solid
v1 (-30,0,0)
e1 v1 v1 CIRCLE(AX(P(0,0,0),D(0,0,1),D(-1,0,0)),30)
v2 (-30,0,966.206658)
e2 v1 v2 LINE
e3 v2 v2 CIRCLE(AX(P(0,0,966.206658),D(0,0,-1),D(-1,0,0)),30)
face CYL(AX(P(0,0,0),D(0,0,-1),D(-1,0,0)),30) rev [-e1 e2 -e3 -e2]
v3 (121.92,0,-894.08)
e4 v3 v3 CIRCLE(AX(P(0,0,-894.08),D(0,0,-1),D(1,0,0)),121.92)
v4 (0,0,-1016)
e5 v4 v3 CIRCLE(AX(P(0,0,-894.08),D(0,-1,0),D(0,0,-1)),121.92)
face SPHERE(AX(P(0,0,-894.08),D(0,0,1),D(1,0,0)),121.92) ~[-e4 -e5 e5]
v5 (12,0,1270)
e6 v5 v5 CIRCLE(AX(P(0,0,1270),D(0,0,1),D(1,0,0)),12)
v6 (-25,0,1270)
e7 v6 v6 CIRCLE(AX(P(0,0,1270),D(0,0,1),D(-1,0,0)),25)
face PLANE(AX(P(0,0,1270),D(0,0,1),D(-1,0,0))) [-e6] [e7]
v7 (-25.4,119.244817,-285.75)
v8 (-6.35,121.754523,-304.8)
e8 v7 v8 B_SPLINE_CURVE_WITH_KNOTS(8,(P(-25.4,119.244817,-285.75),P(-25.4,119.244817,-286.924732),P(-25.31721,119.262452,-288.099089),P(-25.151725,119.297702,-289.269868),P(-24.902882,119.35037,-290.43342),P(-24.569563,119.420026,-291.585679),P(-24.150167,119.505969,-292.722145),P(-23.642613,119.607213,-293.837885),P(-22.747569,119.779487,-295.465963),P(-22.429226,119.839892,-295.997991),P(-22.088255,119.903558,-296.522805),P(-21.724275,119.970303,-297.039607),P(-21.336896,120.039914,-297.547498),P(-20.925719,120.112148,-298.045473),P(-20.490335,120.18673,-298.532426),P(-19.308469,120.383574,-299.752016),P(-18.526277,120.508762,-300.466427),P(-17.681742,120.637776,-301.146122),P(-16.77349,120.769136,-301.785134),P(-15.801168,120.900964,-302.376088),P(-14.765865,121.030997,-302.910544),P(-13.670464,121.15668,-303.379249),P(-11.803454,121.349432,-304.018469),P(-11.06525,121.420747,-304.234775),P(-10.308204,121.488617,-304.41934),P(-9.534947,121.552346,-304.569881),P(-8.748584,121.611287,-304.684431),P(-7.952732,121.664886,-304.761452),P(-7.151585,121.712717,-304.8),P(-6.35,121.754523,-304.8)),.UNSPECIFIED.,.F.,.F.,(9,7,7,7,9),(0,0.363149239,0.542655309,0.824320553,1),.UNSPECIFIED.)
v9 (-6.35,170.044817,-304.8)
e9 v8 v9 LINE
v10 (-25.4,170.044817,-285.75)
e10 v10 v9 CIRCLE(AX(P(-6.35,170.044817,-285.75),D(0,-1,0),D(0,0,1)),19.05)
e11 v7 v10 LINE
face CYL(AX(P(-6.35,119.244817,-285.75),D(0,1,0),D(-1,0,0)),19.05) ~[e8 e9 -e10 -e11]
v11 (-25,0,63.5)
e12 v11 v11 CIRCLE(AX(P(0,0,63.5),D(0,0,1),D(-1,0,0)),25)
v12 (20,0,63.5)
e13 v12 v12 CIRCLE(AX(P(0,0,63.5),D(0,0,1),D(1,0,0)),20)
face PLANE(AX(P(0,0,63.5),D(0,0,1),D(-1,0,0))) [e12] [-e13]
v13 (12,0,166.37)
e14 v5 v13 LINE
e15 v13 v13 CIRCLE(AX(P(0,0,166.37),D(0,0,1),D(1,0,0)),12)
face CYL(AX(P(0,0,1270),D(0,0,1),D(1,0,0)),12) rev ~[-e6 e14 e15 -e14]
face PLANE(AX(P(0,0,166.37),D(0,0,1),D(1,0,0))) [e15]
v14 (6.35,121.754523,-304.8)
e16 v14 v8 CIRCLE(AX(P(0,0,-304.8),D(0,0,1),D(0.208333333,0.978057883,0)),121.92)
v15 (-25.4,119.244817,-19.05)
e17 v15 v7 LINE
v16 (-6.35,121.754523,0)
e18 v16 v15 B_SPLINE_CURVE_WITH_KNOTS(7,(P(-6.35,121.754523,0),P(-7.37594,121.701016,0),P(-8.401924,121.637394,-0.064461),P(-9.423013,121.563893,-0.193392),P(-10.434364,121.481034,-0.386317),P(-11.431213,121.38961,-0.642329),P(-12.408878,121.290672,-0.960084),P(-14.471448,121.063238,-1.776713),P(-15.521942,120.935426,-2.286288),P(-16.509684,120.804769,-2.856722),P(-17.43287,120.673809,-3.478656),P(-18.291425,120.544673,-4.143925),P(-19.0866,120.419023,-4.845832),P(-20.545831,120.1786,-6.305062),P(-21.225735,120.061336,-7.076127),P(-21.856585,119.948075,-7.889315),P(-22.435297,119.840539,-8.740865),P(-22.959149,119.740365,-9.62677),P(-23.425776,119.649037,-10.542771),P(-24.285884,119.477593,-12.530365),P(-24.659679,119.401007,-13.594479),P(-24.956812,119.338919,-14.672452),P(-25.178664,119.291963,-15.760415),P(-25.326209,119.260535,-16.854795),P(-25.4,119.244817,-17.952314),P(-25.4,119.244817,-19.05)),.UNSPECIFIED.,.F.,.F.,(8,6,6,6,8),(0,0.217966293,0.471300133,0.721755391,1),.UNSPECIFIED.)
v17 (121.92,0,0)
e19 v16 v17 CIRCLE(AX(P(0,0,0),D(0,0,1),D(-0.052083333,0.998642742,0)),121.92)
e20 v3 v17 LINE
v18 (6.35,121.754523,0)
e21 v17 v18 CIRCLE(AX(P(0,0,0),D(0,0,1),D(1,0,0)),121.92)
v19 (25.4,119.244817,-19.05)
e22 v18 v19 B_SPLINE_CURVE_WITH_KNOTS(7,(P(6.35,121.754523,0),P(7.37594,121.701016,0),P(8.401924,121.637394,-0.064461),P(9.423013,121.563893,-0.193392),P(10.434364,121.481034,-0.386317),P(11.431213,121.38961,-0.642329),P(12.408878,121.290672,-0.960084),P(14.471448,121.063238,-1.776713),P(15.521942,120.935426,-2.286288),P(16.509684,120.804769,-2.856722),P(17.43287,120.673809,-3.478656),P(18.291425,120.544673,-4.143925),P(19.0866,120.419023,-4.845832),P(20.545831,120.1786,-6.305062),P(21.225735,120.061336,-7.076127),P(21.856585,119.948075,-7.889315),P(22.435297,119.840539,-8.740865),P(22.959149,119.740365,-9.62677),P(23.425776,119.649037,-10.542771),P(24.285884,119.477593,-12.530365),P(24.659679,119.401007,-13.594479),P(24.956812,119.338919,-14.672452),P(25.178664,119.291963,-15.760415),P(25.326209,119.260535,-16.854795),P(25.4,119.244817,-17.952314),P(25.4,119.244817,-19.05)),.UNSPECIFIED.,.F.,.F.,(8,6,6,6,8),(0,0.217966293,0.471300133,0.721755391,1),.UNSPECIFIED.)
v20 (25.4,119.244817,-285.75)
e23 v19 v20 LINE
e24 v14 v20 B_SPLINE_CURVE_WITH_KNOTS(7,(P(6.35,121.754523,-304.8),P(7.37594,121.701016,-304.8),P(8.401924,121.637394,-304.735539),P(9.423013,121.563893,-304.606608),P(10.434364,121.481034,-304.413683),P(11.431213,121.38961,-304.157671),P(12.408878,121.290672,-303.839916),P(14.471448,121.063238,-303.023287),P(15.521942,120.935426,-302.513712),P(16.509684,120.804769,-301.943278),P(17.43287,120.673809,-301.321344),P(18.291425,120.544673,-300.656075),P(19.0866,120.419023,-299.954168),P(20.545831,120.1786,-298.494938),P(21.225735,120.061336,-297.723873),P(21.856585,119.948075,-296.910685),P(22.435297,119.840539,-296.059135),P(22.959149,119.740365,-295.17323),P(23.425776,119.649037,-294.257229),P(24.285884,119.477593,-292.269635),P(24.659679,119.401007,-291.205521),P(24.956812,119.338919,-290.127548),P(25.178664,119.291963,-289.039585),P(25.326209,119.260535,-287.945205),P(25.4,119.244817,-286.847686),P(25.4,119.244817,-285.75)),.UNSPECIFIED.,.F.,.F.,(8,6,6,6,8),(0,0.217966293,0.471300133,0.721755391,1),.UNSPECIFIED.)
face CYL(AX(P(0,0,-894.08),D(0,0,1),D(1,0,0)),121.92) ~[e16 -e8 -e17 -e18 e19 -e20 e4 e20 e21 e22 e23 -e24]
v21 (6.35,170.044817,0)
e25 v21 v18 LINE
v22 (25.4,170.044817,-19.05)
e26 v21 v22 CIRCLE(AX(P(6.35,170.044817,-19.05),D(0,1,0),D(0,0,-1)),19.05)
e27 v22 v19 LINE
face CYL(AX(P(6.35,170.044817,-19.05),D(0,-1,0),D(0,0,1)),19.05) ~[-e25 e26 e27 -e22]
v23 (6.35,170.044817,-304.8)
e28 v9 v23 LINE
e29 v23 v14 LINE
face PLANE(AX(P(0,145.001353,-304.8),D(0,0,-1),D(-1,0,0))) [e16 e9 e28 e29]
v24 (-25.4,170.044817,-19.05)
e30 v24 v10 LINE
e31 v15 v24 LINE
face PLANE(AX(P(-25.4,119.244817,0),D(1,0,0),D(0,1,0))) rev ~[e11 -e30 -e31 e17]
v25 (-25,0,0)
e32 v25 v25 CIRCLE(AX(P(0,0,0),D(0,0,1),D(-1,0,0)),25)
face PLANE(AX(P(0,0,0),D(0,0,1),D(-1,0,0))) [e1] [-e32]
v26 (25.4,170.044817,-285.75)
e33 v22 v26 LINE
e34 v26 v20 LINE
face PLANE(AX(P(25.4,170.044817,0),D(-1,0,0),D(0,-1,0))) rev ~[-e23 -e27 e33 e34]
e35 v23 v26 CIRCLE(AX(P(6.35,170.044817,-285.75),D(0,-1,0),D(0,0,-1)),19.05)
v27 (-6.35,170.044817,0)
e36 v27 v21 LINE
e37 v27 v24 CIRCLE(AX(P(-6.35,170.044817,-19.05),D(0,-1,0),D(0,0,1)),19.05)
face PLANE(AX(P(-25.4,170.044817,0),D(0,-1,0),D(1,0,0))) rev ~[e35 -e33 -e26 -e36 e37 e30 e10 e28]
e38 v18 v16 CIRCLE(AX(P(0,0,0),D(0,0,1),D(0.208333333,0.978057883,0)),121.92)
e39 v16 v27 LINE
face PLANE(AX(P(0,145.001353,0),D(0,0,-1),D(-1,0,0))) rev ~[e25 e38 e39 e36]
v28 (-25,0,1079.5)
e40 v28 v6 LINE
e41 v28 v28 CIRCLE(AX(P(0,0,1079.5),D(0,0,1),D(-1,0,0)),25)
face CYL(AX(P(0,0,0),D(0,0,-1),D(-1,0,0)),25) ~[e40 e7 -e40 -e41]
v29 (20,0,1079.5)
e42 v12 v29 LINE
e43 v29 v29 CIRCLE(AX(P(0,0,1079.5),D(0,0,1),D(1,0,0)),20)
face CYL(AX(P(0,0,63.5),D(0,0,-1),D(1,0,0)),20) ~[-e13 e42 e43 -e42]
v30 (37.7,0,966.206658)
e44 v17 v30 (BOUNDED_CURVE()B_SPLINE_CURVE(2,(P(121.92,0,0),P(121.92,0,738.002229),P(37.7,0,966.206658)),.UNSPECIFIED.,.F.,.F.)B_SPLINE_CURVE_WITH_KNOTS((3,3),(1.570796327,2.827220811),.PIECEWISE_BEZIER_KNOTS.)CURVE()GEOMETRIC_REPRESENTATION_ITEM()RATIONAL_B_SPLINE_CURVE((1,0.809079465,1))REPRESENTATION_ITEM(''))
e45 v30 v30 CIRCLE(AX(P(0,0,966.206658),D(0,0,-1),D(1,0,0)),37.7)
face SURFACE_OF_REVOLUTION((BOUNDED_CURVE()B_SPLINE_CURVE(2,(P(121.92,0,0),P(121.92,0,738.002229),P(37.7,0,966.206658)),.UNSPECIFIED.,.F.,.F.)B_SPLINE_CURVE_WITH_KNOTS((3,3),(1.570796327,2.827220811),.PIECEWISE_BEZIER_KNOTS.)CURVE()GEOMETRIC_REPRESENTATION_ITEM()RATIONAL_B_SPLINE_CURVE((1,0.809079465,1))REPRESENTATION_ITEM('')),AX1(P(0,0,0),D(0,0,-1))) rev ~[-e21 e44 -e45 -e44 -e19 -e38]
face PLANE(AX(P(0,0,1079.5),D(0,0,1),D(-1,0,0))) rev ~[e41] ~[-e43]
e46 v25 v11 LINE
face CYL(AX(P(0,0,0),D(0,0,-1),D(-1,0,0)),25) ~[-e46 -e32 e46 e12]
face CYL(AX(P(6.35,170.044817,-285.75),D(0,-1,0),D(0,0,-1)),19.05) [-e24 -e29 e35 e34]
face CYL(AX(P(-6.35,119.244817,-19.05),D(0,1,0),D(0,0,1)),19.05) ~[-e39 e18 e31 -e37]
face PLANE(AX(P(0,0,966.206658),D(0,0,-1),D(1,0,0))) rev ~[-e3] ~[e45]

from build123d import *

# Parameters (mm, degrees)
SKETCH2_R           = 30
CUT_EXTRUDE1_DEPTH  = 1031.526551259
SKETCH3_R           = 25
BOSS_EXTRUDE1_DEPTH = 1270
SKETCH4_R           = 12
CUT_EXTRUDE2_DEPTH  = 1103.63
CUT_EXTRUDE3_START  = -1016
SKETCH5_R           = 25
SKETCH5_R_2         = 20
CUT_EXTRUDE3_DEPTH  = 1016
BOSS_EXTRUDE2_DEPTH = 304.8
FILLET1_R           = 19.05


with BuildPart() as part:
    # Sketch1 → Revolve1 (revolve)
    with BuildSketch(Plane(origin=(0, 0, 0), x_dir=(0, 0, -1), z_dir=(1, 0, 0)), mode=Mode.PRIVATE) as revolve1_sk:
        with BuildLine():
            Line((-966.206657789, 37.7), (-966.206657789, 25))
            Line((-966.206657789, 25), (0, 25))
            Line((0, 25), (0, 0))
            Line((0, 0), (1016, 0))
            ThreePointArc((1016, 0), (980.290458762, 86.210458762), (894.08, 121.92))
            Line((894.08, 121.92), (0, 121.92))
            add(Edge.make_bspline(
                [(0, 121.92), (-738.002228528, 121.92), (-966.206657789, 37.7)],
                knots=[1.570796327, 1.570796327, 1.570796327, 2.827220811, 2.827220811, 2.827220811], degree=2, weights=[1, 0.809079465, 1]))
        make_face()
    revolve(revolve1_sk.sketch.rotate(Axis((0, 0, 0), (0, 0, -1)), 90), axis=Axis((0, 0, 0), (0, 0, -1)))

    # Sketch2 → Cut-Extrude1 (cut, through all)
    with BuildSketch(Plane.XY):
        with Locations(Location((0, 0, 0), (0, 0, 180))):
            Circle(SKETCH2_R)
    extrude(amount=CUT_EXTRUDE1_DEPTH, mode=Mode.SUBTRACT)

    # Sketch3 → Boss-Extrude1 (add)
    with BuildSketch(Plane.XY):
        with Locations(Location((0, 0, 0), (0, 0, 180))):
            Circle(SKETCH3_R)
    extrude(amount=BOSS_EXTRUDE1_DEPTH)

    # Sketch4 → Cut-Extrude2 (cut)
    with BuildSketch(Plane.XY.offset(1270)):
        Circle(SKETCH4_R)
    extrude(amount=-CUT_EXTRUDE2_DEPTH, mode=Mode.SUBTRACT)

    # Sketch5 → Cut-Extrude3 (cut)
    with BuildSketch(Plane.XY.offset(1079.5).offset(CUT_EXTRUDE3_START)):
        with Locations(Location((0, 0, 0), (0, 0, 180))):
            Circle(SKETCH5_R)
        Circle(SKETCH5_R_2, mode=Mode.SUBTRACT)
    extrude(amount=CUT_EXTRUDE3_DEPTH, mode=Mode.SUBTRACT)

    # Sketch6 → Boss-Extrude2 (add)
    with BuildSketch(Plane.XY):
        with BuildLine():
            Line((-25.4, 170.044817078), (25.4, 170.044817078))
            Line((25.4, 170.044817078), (25.4, 119.244817078))
            ThreePointArc((25.4, 119.244817078), (0, 121.92), (-25.4, 119.244817078))
            Line((-25.4, 119.244817078), (-25.4, 170.044817078))
        make_face()
    extrude(amount=-BOSS_EXTRUDE2_DEPTH)

    # Fillet1
    fillet1_edges = [part.edges().sort_by_distance(p)[0] for p in [
        (-25.4, 144.644817078, -304.8),
        (25.4, 144.644817078, -304.8),
        (-25.4, 144.644817078, 0),
        (25.4, 144.644817078, 0),
    ]]
    fillet(fillet1_edges, radius=FILLET1_R)


solid = part.part
